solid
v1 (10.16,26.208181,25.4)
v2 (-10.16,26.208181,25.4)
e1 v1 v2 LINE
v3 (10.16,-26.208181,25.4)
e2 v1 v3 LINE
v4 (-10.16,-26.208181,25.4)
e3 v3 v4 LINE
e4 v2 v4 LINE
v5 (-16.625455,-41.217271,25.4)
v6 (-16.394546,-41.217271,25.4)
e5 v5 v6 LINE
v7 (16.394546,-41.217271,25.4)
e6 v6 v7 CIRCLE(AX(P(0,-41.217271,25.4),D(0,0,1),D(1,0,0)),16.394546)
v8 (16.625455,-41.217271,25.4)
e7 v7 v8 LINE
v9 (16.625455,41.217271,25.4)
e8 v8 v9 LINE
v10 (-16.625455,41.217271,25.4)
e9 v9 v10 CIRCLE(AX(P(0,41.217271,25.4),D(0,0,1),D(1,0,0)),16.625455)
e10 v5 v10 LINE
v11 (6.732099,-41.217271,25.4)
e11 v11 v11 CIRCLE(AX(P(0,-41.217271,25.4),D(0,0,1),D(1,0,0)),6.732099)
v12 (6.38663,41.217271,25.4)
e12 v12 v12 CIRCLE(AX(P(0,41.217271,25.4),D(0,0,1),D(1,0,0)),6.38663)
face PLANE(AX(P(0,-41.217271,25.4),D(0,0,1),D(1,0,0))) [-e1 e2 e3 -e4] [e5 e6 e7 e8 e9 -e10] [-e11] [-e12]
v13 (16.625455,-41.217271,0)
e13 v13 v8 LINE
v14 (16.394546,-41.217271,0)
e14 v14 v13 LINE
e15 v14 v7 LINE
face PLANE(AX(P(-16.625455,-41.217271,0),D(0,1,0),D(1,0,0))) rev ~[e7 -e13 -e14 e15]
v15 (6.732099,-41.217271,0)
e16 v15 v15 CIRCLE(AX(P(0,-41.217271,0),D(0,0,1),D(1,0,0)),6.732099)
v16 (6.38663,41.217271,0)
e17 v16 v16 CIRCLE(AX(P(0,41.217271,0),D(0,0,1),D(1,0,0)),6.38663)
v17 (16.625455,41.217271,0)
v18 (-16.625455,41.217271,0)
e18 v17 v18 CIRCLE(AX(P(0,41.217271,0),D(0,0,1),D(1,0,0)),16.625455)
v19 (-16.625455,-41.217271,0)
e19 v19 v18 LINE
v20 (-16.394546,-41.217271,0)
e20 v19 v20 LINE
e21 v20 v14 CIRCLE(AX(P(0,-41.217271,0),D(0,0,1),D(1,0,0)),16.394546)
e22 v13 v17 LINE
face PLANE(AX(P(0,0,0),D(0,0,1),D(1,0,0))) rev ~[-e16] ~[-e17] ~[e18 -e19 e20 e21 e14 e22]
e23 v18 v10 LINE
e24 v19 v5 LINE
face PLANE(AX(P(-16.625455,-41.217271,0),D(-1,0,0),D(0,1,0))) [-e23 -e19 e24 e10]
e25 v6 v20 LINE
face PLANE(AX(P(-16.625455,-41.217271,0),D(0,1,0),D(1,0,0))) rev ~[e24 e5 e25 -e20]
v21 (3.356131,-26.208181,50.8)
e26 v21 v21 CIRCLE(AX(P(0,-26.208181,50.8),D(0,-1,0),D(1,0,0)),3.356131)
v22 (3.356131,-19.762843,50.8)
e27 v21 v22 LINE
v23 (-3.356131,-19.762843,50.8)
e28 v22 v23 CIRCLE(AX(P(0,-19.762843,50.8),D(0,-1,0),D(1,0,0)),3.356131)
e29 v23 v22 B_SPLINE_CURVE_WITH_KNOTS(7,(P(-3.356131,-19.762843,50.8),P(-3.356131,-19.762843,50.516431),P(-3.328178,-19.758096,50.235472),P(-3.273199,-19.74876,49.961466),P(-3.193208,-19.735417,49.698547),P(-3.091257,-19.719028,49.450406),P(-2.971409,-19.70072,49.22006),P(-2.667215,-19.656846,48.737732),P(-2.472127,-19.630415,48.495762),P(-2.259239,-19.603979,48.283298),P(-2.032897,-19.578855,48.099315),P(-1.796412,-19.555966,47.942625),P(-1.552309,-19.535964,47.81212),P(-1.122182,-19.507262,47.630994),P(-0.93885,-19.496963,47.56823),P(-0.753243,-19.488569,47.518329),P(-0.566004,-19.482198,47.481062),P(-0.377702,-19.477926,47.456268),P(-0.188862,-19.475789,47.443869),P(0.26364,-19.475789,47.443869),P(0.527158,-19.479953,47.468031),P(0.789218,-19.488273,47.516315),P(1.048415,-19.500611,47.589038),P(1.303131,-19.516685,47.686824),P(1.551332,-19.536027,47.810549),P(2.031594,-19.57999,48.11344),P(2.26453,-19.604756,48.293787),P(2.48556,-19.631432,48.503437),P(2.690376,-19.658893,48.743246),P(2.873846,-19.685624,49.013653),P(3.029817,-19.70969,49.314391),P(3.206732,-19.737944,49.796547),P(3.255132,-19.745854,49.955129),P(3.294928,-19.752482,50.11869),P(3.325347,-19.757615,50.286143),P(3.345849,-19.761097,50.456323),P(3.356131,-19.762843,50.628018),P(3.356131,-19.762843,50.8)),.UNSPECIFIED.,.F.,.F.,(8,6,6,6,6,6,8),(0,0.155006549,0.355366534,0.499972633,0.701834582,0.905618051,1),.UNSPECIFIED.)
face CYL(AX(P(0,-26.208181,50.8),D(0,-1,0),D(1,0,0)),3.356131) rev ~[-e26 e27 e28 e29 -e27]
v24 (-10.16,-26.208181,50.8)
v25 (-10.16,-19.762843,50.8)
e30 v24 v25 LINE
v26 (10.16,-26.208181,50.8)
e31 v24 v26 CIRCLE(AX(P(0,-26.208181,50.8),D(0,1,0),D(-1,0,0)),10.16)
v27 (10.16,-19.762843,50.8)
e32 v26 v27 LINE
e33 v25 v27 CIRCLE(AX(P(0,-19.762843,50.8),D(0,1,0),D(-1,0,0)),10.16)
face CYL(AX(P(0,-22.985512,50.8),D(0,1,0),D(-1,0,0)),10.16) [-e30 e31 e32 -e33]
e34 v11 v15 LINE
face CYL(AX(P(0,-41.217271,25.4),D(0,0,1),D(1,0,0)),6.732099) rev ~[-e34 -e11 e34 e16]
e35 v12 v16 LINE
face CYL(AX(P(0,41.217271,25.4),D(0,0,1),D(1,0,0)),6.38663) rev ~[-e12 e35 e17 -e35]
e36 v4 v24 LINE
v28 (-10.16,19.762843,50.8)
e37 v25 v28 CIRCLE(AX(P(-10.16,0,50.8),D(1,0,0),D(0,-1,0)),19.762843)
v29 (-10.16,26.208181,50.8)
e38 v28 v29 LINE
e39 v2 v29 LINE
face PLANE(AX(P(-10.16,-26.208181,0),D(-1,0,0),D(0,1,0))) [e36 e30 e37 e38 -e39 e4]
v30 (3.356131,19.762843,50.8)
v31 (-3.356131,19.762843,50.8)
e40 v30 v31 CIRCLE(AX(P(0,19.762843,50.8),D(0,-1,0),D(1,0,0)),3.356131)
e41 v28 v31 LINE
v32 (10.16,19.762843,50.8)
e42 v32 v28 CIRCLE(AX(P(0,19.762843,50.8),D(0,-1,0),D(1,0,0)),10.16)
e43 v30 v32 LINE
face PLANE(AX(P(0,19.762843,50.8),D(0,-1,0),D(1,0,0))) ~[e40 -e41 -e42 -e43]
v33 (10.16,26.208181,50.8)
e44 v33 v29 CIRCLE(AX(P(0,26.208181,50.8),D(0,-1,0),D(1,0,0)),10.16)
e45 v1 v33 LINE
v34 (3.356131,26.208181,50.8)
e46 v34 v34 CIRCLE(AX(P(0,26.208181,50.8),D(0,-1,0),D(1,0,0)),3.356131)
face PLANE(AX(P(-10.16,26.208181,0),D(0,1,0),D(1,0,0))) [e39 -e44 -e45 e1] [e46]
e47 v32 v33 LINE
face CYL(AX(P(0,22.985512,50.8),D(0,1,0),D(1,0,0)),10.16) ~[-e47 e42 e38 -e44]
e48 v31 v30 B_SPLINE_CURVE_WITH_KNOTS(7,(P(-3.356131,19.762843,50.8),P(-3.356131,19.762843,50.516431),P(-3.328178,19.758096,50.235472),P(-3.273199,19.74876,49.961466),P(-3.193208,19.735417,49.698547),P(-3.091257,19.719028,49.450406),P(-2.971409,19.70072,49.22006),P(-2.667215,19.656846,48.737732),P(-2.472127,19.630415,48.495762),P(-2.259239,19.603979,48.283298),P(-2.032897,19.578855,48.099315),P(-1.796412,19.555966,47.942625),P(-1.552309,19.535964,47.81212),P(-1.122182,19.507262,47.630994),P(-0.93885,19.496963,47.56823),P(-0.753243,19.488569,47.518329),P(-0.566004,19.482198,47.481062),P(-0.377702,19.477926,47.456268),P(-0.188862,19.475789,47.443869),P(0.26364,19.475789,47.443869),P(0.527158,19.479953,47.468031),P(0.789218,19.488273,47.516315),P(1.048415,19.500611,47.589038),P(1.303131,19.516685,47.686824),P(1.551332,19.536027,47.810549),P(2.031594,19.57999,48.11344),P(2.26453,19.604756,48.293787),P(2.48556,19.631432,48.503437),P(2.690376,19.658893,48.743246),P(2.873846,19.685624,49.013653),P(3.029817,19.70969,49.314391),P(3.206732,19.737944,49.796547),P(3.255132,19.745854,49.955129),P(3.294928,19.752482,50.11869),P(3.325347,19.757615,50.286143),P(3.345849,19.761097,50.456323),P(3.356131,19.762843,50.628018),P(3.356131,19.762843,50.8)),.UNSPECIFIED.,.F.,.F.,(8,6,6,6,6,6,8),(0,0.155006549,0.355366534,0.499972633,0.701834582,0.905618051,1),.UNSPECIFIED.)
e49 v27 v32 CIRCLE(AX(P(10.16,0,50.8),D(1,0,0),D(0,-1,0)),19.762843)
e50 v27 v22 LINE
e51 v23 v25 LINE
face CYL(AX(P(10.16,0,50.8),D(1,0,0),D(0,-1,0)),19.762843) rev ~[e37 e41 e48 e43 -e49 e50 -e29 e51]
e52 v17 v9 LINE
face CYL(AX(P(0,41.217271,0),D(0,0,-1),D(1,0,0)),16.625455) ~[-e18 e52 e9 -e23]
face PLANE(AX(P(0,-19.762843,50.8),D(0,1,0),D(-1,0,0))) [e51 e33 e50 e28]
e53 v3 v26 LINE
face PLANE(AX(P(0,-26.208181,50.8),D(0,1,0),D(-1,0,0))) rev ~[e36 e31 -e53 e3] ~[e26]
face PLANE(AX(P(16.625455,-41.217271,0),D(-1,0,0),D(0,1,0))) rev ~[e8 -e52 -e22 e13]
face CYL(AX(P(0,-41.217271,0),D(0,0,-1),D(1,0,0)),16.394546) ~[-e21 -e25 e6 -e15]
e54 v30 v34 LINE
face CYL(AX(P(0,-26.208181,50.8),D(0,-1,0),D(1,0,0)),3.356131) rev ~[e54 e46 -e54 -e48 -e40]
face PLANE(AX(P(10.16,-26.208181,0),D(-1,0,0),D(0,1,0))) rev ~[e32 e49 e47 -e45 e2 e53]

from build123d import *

# Parameters (mm, degrees)
F0_W      = 33.25091
F0_H      = 82.434542
F3_DEPTH  = 25.4
F1_R      = 16.625455
F4_DEPTH  = 25.4
F2_R      = 16.394546
F5_DEPTH  = 25.4
F6_R      = 6.38663
F6_R_2    = 6.732099
F7_DEPTH  = 25.401
F8_W      = 20.32
F8_H      = 52.416362
F9_DEPTH  = 50.8
F11_DEPTH = 26.786455
F12_W     = 10.16
F12_H     = 6.445338
F14_W     = 10.16
F14_H     = 6.445338
F16_R     = 3.356131
F17_DEPTH = 84.051907


with BuildPart() as f3:
    # F0 (on Top) → F3 (new body)
    with BuildSketch(Plane.XY):
        Rectangle(F0_W, F0_H)
    extrude(amount=F3_DEPTH)

    # F1 (on Top) → F4 (join)
    with BuildSketch(Plane.XY):
        with Locations((0, 41.217271)):
            Circle(F1_R)
    extrude(amount=F4_DEPTH)

    # F2 (on Top) → F5 (join)
    with BuildSketch(Plane.XY):
        with Locations((0, -41.217271)):
            Circle(F2_R)
    extrude(amount=F5_DEPTH)

    # F6 (on face) → F7 (cut, through all)
    with BuildSketch(Plane.XY.offset(25.4)):
        with Locations((0, 41.217271)):
            Circle(F6_R)
        with Locations((0, -41.217271)):
            Circle(F6_R_2)
    extrude(amount=-F7_DEPTH, mode=Mode.SUBTRACT)

    # F8 (on Top) → F9 (join)
    with BuildSketch(Plane.XY):
        Rectangle(F8_W, F8_H)
    extrude(amount=F9_DEPTH)

    # F10 (on face) → F11 (cut, through all)
    with BuildSketch(Plane.YZ.offset(10.16)):
        with BuildLine():
            Line((-19.762843, 50.8), (19.762843, 50.8))
            ThreePointArc((19.762843, 50.8), (0, 70.562843), (-19.762843, 50.8))
        make_face()
        with BuildLine():
            ThreePointArc((-19.762843, 50.8), (0, 31.037157), (19.762843, 50.8))
            Line((19.762843, 50.8), (-19.762843, 50.8))
        make_face()
    extrude(amount=-F11_DEPTH, mode=Mode.SUBTRACT)

    # F12 (on face) → F13 (revolve)
    with BuildSketch(Plane.XY.offset(50.8)):
        with Locations((5.08, 22.985512)):
            Rectangle(F12_W, F12_H)
    revolve(axis=Axis((0, 22.985512, 50.8), (0, -1, 0)))

    # F14 (on face) → F15 (revolve)
    with BuildSketch(Plane.XY.offset(50.8)):
        with Locations((-5.08, -22.985512)):
            Rectangle(F14_W, F14_H)
    revolve(axis=Axis((0, -22.985512, 50.8), (0, 1, 0)))

    # F16 (on face) → F17 (cut, through all)
    with BuildSketch(Plane.XZ.offset(26.208181)):
        with Locations((0, 50.8)):
            Circle(F16_R)
    extrude(amount=-F17_DEPTH, mode=Mode.SUBTRACT)


solid = f3.part
